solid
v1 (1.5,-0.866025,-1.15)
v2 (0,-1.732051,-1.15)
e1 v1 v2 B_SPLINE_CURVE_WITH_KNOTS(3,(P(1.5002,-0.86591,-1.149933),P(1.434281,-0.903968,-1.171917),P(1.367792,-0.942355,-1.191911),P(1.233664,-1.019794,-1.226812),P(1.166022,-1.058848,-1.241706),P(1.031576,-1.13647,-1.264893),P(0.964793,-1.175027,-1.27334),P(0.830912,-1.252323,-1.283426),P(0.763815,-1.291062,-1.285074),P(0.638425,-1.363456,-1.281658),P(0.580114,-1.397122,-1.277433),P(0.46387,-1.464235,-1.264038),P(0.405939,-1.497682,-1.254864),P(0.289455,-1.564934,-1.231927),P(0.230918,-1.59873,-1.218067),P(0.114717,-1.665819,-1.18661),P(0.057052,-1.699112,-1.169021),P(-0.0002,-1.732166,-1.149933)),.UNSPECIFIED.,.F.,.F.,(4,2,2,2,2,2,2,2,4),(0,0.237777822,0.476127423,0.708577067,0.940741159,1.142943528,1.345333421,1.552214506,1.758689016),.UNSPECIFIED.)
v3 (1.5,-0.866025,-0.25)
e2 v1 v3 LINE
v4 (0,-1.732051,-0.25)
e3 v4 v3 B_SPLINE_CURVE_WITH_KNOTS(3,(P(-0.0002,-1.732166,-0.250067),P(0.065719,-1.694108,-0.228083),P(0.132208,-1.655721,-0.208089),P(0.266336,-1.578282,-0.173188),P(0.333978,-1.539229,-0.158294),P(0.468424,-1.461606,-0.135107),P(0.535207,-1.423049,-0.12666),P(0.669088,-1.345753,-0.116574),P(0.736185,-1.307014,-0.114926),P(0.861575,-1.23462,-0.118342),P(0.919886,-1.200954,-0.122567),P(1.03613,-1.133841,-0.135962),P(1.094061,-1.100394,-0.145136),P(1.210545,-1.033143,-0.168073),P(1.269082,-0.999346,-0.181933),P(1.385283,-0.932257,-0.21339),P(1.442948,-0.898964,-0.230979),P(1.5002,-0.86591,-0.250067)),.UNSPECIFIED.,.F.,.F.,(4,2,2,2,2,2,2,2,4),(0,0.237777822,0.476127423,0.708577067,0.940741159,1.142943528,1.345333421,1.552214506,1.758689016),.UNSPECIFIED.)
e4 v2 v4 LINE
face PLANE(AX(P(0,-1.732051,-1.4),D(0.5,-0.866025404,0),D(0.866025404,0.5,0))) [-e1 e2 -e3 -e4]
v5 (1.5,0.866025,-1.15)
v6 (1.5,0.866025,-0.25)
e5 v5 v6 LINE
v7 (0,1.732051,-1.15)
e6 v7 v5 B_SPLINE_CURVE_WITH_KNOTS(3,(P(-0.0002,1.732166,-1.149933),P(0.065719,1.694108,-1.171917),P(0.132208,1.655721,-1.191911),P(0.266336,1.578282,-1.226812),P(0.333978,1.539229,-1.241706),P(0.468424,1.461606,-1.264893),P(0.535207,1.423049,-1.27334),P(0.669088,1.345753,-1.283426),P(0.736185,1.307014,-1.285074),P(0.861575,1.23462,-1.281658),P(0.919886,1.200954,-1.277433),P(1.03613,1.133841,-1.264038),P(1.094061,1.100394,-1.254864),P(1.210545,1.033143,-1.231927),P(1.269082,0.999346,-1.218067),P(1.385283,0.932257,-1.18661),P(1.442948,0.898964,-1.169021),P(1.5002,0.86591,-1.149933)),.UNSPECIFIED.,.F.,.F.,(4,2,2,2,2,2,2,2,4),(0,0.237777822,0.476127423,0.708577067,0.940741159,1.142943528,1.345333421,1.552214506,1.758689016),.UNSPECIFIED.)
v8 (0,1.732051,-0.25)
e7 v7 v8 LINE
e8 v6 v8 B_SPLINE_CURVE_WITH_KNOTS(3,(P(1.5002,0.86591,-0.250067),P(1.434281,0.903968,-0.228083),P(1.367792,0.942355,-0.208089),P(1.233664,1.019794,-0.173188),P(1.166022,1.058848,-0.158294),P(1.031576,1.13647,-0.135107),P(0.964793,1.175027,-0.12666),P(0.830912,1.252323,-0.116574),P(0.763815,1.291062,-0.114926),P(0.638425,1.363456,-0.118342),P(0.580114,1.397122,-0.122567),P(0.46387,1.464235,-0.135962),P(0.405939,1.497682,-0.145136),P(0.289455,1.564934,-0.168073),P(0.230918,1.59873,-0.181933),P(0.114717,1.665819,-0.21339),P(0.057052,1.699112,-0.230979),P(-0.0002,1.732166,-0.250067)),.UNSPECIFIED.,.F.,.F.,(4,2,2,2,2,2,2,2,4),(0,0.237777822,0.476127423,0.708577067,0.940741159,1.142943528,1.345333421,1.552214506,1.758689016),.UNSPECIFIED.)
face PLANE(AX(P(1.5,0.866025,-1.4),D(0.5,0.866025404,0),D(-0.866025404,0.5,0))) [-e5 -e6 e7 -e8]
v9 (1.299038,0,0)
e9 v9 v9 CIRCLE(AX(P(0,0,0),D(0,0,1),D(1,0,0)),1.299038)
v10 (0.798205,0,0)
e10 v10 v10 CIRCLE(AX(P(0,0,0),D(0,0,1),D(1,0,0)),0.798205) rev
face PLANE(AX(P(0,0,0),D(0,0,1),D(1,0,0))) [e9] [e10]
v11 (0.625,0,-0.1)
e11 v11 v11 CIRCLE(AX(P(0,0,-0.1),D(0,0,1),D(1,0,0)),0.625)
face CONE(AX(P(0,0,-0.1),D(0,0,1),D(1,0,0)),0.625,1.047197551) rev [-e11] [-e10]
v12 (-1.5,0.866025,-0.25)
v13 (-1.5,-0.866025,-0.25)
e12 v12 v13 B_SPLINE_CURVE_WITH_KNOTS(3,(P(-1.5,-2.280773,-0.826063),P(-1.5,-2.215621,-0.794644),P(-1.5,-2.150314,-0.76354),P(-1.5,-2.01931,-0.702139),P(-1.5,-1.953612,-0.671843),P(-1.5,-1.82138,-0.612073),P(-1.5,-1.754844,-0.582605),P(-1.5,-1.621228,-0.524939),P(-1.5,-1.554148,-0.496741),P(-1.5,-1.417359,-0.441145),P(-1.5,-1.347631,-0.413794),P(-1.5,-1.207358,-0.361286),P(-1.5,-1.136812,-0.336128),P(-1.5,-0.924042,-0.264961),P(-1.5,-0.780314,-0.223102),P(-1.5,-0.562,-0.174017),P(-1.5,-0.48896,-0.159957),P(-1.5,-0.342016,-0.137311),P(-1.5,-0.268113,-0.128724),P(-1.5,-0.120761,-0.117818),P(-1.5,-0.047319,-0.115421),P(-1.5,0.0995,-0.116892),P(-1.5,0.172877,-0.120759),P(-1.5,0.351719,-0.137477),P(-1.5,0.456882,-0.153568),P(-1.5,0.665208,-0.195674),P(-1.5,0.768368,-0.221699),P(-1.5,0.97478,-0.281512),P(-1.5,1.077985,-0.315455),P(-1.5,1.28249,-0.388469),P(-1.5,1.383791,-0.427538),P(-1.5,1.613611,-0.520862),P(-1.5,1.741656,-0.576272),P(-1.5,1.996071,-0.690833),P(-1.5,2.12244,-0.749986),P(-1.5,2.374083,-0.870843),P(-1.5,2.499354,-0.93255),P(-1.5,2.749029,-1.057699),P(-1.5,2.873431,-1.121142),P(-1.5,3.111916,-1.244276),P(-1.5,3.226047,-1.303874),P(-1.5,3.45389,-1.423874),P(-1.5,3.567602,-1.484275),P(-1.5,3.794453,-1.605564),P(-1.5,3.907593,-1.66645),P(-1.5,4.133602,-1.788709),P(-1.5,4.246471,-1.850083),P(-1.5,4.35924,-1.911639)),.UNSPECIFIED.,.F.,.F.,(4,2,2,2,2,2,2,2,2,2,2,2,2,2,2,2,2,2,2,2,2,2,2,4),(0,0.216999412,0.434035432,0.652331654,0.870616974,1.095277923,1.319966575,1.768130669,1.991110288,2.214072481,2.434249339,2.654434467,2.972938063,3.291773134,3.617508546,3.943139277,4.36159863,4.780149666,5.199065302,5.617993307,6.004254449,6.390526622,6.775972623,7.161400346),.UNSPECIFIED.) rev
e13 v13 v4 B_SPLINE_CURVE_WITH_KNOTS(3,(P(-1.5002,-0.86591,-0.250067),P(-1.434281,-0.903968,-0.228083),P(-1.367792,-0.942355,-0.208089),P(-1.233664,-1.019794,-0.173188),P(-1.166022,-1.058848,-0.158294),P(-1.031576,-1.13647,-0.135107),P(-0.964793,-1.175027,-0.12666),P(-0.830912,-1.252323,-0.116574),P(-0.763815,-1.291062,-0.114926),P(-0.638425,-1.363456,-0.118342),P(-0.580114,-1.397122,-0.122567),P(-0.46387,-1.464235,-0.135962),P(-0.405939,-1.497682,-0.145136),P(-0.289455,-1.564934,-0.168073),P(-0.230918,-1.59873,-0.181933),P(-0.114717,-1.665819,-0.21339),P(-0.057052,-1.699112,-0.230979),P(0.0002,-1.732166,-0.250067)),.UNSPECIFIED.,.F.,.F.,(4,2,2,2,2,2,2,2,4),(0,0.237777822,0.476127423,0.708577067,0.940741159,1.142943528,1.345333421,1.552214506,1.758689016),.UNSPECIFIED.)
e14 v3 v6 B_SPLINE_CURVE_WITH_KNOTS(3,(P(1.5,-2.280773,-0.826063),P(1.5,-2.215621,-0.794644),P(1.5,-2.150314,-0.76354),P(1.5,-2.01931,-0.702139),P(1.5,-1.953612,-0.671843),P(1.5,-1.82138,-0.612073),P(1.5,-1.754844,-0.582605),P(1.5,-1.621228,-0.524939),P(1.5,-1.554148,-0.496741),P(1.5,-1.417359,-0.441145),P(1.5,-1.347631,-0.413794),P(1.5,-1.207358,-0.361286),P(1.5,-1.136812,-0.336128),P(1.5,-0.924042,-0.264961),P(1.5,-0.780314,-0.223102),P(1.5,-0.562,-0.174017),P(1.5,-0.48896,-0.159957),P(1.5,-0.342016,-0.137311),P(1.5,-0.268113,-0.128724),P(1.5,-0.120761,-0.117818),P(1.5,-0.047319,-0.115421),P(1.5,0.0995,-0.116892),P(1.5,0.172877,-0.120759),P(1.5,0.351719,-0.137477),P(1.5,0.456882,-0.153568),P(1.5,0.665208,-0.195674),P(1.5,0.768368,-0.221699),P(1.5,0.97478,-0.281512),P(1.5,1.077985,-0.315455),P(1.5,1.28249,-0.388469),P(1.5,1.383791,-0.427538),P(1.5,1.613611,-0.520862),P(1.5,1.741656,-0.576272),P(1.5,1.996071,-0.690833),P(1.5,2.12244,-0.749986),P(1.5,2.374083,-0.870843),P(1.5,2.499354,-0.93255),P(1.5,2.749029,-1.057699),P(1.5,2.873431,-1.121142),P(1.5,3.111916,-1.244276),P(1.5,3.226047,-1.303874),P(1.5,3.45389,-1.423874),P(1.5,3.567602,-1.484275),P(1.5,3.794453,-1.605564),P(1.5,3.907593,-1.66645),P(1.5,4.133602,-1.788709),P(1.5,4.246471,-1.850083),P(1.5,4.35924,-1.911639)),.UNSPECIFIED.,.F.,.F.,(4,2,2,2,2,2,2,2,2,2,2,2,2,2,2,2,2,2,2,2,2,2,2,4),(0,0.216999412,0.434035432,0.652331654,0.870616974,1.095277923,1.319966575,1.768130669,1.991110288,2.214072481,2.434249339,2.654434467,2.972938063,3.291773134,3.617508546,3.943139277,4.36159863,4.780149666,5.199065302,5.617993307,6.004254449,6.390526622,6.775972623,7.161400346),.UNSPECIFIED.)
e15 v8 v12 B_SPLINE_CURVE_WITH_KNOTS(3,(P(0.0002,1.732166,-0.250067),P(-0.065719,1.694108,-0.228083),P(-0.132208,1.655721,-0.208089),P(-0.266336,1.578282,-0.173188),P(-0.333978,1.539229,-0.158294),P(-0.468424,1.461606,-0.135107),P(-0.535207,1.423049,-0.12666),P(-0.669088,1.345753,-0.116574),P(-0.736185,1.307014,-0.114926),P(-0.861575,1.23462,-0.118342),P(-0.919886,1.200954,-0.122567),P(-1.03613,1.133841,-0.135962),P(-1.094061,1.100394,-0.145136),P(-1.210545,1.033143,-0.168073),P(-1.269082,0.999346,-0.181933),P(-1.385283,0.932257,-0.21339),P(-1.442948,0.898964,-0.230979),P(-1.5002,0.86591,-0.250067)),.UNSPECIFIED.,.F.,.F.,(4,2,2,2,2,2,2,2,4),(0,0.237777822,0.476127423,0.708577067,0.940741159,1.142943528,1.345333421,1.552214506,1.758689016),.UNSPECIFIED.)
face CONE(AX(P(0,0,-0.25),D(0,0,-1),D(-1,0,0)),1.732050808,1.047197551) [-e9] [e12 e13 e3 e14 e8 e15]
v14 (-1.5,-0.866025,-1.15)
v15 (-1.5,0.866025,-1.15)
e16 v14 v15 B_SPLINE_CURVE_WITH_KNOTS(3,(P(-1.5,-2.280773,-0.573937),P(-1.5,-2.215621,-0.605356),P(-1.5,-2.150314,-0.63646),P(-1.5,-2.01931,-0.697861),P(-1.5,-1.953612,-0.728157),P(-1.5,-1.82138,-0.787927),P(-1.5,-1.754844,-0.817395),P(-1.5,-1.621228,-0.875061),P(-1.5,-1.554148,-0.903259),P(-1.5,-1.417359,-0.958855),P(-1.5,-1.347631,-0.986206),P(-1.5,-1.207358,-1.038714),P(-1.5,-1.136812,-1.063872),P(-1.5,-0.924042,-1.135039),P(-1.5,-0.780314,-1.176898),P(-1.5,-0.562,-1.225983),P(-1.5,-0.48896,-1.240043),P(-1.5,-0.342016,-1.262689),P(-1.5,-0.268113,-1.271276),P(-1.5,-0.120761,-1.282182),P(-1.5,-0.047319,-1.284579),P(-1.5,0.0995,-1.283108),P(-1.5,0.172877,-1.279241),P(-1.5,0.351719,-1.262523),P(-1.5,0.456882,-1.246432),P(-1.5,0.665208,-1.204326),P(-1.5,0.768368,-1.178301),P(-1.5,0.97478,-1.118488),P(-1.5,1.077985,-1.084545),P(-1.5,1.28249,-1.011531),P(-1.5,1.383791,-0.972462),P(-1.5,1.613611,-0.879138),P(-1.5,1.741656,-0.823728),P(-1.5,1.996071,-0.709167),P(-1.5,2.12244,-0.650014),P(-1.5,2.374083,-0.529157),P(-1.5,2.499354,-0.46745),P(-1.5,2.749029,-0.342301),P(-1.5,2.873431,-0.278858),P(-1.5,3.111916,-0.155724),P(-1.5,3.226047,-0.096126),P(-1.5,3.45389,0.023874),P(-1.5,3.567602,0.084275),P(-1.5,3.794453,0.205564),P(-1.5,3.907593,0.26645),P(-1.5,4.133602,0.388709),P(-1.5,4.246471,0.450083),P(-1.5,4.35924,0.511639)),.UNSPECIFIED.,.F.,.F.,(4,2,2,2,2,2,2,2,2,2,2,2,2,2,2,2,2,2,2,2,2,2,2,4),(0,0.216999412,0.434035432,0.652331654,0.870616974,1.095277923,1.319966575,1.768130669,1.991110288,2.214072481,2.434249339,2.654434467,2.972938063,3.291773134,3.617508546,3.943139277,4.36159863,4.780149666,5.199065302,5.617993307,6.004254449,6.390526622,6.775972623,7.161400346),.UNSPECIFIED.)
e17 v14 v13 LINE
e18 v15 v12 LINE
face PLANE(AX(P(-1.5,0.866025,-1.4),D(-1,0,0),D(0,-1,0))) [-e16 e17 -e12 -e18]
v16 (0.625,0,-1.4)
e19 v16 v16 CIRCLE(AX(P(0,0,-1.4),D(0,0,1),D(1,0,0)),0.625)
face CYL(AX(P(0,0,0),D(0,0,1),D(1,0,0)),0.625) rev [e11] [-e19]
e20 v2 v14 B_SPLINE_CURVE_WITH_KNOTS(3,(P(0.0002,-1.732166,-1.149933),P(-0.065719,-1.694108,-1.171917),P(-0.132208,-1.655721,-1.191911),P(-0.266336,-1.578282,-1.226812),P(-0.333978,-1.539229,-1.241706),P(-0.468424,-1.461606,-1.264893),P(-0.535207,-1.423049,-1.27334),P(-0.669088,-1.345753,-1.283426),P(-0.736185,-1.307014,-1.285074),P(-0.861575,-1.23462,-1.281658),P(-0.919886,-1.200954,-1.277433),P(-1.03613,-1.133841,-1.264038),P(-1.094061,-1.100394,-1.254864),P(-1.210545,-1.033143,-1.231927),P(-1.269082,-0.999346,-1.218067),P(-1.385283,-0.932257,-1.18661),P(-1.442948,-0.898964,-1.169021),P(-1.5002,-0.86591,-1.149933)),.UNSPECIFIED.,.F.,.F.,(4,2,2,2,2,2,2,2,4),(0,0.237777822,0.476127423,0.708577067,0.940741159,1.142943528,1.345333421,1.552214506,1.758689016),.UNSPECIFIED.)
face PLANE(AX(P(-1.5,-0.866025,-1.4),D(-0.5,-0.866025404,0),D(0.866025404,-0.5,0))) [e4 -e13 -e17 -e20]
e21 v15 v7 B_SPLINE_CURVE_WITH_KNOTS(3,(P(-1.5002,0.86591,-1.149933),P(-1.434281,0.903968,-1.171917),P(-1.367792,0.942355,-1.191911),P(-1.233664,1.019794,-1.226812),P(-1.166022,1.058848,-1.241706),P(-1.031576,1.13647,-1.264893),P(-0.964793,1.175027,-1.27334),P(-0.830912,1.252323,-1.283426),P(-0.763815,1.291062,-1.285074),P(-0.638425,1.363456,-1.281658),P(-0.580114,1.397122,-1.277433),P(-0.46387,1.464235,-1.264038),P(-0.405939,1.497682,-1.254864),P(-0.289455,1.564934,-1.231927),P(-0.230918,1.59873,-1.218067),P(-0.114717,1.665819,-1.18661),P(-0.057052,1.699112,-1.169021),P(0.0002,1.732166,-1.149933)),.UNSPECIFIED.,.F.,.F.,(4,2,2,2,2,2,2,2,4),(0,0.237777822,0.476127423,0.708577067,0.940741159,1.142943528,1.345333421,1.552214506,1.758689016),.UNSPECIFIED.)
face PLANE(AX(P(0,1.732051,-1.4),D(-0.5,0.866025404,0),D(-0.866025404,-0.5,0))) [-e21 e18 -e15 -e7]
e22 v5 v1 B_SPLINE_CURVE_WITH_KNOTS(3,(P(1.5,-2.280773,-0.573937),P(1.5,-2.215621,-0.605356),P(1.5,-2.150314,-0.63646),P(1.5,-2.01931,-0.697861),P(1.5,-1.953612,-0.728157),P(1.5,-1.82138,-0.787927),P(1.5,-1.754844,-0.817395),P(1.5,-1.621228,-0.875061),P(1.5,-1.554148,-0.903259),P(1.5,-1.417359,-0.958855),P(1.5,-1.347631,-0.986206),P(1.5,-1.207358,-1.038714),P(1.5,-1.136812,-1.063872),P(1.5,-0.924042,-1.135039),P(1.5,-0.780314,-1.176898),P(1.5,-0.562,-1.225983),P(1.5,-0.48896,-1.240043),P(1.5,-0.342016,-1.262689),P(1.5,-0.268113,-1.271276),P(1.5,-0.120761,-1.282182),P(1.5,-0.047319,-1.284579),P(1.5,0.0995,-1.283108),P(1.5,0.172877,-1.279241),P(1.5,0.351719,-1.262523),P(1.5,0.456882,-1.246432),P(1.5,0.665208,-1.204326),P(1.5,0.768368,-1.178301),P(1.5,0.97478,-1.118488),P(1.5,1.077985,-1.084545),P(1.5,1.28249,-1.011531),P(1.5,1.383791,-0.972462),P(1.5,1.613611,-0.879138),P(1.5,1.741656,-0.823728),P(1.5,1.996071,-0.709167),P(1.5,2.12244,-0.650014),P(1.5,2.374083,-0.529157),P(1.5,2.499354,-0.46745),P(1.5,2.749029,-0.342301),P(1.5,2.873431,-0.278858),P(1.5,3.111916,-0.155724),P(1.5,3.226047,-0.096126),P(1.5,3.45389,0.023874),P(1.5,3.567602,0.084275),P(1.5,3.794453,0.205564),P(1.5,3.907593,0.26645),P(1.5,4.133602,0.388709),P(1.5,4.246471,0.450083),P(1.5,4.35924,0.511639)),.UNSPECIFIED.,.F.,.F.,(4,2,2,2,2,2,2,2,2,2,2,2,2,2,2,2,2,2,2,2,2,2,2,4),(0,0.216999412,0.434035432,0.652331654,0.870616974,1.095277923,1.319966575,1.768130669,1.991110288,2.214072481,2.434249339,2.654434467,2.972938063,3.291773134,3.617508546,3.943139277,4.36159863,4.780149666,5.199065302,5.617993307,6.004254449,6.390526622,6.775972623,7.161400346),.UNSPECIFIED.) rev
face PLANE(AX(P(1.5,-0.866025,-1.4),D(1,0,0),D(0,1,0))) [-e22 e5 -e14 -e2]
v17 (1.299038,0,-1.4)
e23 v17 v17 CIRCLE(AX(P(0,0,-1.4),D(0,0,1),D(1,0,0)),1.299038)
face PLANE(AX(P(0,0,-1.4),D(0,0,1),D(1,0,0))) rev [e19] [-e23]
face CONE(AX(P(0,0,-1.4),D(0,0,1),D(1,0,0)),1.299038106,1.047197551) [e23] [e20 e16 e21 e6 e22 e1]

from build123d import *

# Parameters (mm, degrees)
BOSS_EXTRUDE1_DEPTH = 1.4
M1_7_TAPPED_HOLE1_D = 1.25
CHAMFER1_SIZE       = 0.1
CHAMFER1_SIZE2      = 0.173205081


with BuildPart() as part:
    # Sketch1 → Boss-Extrude1 (new body)
    with BuildSketch(Plane.XY):
        Polygon((0, 1.732050808), (-1.5, 0.866025404), (-1.5, -0.866025404), (0, -1.732050808), (1.5, -0.866025404), (1.5, 0.866025404), align=None)
    extrude(amount=-BOSS_EXTRUDE1_DEPTH)

    # Sketch2 → Cut-Revolve1 (revolve, cut)
    with BuildSketch(Plane(origin=(0, 0, 0), x_dir=(0, 0, -1), z_dir=(1, 0, 0))):
        Polygon((0, -1.299038106), (0.25, -1.732050808), (0, -1.732050808), align=None)
        Polygon((1.4, -1.732050808), (1.4, -1.299038106), (1.15, -1.732050808), align=None)
    revolve(axis=Axis((0, 0, 0), (0, 0, -1)), mode=Mode.SUBTRACT)

    # M1.7 Tapped Hole1 (through all)
    with Locations(Plane.XY):
        with Locations((0, 0)):
            Hole(M1_7_TAPPED_HOLE1_D / 2)

    # Chamfer1
    chamfer1_edges = [part.edges().sort_by_distance(p)[0] for p in [
        (0.625, 0, 0),
    ]]
    chamfer1_side = [part.faces().sort_by_distance(p)[0] for p in [
        (0.625, 0, -0.7),
    ]]
    chamfer(chamfer1_edges, length=CHAMFER1_SIZE, length2=CHAMFER1_SIZE2, reference=chamfer1_side[0])


solid = part.part
